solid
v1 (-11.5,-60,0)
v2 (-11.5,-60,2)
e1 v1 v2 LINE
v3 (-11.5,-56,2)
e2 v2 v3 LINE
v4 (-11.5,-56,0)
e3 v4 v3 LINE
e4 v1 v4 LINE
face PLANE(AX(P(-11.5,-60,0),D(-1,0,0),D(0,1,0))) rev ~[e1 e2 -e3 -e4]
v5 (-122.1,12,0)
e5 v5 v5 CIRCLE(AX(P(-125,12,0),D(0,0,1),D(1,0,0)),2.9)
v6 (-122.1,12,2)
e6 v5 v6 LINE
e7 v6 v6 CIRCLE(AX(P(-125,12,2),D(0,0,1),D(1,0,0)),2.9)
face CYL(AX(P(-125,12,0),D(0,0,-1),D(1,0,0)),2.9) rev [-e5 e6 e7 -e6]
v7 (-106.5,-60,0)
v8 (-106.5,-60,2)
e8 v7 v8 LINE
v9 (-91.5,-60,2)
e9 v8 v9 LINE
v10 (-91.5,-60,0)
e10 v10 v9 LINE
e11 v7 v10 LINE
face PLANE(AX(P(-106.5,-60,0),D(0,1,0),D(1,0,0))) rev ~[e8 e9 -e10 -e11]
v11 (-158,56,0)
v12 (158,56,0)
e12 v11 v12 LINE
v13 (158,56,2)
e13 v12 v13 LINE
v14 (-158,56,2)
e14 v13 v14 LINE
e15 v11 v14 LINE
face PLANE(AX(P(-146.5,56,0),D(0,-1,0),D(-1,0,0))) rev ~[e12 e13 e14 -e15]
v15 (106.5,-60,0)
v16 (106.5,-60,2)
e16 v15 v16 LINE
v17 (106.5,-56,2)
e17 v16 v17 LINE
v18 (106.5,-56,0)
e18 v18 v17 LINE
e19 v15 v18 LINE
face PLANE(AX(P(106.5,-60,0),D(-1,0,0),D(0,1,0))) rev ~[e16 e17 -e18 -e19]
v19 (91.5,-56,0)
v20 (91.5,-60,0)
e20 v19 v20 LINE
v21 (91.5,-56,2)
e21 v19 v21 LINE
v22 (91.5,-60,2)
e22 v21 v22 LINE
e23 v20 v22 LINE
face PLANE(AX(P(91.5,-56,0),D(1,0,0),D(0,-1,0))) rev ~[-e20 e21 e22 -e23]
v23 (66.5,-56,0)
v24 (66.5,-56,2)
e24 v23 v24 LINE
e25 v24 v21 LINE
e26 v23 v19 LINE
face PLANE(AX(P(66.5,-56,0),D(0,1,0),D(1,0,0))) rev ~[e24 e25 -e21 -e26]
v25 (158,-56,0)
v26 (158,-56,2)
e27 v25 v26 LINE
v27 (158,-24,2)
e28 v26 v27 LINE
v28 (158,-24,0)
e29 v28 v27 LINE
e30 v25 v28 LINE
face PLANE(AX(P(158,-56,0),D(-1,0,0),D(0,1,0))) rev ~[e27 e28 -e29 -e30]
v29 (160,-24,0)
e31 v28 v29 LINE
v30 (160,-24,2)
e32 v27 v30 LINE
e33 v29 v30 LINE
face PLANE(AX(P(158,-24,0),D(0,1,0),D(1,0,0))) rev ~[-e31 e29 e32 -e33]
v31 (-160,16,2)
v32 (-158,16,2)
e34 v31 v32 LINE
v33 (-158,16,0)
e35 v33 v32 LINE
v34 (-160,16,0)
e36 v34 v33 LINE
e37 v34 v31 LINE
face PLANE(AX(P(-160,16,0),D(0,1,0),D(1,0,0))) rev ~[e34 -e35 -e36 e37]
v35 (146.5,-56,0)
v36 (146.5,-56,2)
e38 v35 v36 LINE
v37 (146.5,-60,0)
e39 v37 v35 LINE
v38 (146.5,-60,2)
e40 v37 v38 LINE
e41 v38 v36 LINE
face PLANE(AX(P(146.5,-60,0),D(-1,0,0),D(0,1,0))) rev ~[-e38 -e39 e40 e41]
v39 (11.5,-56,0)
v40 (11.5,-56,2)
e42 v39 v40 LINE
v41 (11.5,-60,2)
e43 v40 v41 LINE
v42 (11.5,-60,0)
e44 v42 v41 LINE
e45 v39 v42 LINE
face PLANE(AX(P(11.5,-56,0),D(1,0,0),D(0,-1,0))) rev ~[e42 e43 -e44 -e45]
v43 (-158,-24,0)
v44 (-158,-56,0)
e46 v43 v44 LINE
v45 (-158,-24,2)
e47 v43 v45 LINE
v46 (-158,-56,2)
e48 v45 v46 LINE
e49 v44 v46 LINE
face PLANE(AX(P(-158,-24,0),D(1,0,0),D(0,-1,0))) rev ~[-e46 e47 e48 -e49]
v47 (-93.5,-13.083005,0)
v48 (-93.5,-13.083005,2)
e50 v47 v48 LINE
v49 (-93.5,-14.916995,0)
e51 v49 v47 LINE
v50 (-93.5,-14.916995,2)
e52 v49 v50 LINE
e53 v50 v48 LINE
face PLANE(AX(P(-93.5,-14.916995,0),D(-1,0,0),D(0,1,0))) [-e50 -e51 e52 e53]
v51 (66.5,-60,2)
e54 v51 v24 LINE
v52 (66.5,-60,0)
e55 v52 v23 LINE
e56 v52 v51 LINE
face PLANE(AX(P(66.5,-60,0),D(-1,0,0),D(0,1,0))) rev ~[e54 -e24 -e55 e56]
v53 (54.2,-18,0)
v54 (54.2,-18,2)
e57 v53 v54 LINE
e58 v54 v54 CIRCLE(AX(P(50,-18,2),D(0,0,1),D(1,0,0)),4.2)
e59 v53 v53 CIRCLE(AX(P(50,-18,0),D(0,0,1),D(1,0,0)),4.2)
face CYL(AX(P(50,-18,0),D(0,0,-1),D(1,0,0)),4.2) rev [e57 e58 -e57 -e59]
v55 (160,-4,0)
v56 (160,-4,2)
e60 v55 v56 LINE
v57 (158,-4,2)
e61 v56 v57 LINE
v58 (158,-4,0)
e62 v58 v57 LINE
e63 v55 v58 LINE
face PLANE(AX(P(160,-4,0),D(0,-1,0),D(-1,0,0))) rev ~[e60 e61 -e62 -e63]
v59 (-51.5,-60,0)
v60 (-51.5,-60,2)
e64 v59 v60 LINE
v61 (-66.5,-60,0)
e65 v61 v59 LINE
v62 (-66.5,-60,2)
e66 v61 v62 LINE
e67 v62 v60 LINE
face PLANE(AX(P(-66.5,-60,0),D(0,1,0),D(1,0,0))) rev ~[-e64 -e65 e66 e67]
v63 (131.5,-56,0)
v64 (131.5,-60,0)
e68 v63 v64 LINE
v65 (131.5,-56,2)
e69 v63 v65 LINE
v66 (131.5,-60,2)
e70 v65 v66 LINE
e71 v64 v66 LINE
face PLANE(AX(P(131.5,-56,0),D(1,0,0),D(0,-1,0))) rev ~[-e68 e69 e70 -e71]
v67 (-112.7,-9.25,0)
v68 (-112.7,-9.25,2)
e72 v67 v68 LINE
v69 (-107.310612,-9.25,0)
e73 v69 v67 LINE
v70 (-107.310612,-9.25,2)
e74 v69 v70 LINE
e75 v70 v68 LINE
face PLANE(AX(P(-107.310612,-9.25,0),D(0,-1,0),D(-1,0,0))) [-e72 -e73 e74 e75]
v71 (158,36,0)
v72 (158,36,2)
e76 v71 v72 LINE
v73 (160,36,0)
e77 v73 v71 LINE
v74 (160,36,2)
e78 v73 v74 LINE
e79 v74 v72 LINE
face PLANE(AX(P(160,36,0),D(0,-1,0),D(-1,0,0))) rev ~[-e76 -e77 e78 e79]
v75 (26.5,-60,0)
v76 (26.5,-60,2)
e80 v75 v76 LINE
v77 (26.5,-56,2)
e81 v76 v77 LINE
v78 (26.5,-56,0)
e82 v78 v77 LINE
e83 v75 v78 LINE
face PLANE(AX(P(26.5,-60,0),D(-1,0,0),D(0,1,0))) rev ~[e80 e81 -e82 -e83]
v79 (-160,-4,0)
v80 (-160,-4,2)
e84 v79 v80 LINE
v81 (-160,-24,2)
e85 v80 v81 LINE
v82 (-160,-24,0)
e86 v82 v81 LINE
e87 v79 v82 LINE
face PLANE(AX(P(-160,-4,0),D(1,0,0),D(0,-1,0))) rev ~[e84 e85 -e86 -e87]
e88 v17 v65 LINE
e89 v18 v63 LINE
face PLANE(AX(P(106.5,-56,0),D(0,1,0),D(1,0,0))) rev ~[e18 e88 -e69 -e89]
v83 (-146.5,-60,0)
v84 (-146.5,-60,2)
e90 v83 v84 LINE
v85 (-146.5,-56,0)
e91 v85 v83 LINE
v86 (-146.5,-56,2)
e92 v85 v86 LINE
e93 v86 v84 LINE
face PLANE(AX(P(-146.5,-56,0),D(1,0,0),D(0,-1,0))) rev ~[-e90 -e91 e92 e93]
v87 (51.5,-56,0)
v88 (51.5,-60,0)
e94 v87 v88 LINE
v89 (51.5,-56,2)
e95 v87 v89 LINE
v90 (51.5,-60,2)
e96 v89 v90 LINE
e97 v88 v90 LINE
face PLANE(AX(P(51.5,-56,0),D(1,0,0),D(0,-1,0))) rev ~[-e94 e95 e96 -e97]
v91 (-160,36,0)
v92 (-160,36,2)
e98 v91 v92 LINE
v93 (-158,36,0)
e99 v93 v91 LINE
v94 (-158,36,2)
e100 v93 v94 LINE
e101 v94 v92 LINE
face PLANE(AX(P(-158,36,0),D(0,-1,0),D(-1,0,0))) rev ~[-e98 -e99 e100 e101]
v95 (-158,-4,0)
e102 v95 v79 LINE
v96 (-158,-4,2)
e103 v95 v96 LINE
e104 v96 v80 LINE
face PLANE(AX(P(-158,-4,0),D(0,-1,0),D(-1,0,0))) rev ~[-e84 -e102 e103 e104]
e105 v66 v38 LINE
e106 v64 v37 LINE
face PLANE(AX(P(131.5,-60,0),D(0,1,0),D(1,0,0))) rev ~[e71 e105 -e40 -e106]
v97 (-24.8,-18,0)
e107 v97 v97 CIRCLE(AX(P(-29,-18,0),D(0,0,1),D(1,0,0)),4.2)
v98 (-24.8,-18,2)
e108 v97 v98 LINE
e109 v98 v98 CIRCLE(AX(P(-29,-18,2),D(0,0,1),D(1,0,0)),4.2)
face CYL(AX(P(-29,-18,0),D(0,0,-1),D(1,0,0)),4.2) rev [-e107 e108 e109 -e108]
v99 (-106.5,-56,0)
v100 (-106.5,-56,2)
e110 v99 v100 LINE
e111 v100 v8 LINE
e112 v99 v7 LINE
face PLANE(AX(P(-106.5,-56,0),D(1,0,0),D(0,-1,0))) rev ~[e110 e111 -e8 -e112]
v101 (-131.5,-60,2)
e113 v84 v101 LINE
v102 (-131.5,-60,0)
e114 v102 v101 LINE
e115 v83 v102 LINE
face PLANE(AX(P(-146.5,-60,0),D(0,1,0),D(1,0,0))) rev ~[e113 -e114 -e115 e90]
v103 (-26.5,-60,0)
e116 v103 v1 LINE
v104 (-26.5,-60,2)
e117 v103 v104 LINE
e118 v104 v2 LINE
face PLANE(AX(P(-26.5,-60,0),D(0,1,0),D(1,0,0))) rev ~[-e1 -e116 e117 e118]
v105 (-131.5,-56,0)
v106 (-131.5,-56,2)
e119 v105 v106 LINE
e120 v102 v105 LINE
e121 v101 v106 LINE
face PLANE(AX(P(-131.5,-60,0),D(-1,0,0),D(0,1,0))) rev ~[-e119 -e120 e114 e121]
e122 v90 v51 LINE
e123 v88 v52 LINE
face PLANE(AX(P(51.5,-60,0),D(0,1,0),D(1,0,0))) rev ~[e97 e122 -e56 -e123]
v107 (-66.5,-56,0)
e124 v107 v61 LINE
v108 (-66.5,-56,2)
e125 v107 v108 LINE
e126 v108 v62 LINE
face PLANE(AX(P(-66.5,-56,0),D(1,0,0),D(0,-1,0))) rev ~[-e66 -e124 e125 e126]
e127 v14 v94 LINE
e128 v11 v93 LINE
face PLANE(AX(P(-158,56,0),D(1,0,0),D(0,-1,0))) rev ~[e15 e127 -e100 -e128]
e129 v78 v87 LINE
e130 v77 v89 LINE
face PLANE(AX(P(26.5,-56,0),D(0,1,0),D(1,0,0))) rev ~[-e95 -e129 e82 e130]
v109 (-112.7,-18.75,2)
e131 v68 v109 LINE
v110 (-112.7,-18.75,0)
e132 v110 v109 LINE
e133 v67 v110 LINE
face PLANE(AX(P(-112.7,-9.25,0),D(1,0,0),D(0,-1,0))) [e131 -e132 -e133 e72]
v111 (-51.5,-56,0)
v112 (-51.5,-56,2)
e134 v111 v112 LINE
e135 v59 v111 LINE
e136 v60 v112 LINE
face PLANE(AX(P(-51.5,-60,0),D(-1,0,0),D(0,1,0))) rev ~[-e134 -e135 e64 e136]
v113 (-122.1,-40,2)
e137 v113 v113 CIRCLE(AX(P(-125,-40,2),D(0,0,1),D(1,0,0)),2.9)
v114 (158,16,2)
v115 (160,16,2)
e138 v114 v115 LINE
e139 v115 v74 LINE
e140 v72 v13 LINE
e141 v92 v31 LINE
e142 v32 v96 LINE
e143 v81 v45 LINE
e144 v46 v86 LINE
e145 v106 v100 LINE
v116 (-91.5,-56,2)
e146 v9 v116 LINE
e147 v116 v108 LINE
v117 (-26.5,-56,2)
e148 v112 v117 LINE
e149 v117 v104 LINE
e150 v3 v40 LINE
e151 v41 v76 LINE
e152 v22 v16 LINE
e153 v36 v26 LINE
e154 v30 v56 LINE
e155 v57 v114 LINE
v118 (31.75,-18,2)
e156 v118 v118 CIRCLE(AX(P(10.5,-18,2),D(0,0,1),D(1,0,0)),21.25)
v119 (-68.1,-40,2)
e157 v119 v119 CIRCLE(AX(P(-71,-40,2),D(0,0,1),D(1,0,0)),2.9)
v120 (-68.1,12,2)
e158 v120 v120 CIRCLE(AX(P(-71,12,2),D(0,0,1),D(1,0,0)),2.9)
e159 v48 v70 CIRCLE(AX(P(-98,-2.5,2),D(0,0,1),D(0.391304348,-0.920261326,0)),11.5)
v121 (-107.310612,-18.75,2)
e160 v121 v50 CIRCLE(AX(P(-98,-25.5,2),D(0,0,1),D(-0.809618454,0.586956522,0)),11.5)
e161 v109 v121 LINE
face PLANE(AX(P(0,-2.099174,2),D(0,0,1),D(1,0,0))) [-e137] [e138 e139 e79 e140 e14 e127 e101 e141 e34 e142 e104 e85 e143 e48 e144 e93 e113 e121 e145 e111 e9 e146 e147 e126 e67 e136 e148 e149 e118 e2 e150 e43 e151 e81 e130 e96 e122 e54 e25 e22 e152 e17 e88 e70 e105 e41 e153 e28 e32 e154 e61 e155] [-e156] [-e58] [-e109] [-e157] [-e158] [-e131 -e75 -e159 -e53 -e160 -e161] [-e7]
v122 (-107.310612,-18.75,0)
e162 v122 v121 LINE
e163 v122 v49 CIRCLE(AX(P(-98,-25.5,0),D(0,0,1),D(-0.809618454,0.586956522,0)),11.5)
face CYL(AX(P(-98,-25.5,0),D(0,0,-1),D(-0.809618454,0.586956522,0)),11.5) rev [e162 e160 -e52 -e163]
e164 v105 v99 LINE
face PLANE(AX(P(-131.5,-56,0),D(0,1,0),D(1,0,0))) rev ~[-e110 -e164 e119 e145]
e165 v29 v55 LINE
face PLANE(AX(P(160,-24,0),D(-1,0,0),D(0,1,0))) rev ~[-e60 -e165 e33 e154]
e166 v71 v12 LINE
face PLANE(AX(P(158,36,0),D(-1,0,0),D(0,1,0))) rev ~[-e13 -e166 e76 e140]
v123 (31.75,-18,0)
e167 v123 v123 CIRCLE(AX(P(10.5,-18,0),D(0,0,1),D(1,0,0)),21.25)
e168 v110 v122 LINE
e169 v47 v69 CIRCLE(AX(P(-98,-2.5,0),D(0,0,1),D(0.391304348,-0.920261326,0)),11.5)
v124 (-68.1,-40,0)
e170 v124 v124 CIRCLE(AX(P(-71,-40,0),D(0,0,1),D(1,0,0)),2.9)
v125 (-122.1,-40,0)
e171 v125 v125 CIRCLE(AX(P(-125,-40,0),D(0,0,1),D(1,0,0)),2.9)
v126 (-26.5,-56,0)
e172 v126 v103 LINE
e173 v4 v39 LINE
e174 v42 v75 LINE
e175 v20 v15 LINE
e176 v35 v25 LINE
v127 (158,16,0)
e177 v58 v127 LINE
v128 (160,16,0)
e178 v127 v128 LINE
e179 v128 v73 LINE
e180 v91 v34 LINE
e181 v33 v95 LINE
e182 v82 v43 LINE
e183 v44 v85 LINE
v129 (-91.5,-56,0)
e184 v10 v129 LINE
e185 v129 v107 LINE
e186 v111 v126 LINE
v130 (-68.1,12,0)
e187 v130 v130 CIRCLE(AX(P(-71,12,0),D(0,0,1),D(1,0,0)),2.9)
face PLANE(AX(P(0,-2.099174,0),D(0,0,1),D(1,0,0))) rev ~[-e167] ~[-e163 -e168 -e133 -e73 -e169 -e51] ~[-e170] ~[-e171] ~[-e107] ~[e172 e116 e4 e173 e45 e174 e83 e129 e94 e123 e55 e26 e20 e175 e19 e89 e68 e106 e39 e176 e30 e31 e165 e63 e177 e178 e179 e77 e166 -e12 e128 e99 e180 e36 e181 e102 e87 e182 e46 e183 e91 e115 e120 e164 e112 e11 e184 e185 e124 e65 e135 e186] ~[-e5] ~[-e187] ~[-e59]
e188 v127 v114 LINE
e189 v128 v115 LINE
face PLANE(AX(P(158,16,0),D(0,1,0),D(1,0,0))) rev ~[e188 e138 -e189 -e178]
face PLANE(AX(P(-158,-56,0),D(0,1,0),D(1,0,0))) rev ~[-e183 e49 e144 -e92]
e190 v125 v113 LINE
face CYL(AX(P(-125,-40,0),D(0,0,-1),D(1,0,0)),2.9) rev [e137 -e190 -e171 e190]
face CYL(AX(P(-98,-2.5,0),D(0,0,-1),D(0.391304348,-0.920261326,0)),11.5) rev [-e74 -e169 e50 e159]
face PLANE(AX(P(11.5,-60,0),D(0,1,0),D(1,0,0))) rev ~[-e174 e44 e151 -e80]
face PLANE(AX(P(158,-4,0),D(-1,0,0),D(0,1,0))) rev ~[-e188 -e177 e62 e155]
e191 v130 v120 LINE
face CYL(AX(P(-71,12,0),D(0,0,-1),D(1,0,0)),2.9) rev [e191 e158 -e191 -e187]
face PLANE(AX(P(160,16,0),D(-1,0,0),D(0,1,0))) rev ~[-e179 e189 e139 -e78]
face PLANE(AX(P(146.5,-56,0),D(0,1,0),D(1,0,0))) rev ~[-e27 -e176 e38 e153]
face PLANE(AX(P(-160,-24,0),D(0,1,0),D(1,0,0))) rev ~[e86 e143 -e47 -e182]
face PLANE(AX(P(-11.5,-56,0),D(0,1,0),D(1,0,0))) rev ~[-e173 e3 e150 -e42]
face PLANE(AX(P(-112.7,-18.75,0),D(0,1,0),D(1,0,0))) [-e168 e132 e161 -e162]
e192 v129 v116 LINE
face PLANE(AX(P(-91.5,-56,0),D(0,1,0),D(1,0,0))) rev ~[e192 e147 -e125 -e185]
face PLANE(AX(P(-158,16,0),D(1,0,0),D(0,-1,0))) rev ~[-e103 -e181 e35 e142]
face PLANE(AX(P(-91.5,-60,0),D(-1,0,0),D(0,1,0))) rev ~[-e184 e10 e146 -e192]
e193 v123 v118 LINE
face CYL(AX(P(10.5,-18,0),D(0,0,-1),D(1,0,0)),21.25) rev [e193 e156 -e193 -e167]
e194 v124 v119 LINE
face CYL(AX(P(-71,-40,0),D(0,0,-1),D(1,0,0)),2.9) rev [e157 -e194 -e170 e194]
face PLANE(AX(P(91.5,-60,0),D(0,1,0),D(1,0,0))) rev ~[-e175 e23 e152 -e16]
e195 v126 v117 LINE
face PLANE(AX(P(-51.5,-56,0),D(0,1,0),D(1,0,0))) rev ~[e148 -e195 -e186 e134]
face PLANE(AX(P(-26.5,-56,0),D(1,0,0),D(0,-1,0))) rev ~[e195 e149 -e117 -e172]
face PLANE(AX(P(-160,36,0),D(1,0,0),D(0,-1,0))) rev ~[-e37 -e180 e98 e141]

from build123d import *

# Parameters (mm, degrees)
SKETCH1_R               = 21.25
SKETCH1_R_2             = 4.2
SKETCH1_R_3             = 2.9
BOSS_EXTRUDE1_DEPTH     = 2
CUT_EXTRUDE1_DEPTH      = 171.89177862
CUT_EXTRUDE1_DEPTH_BACK = 171.89177862
SKETCH2_W               = 15
SKETCH2_H               = 2


with BuildPart() as part:
    # Sketch1 → Boss-Extrude1 (new body)
    with BuildSketch(Plane.XY):
        Polygon((-158, -56), (-146.5, -56), (-146.5, -60), (-131.5, -60), (-131.5, -56), (-106.5, -56), (-106.5, -60), (-91.5, -60), (-91.5, -56), (-66.5, -56), (-66.5, -60), (-51.5, -60), (-51.5, -56), (-26.5, -56), (-26.5, -60), (-11.5, -60), (-11.5, -56), (11.5, -56), (11.5, -60), (26.5, -60), (26.5, -56), (51.5, -56), (51.5, -60), (66.5, -60), (66.5, -56), (91.5, -56), (91.5, -60), (106.5, -60), (106.5, -56), (131.5, -56), (131.5, -60), (146.5, -60), (146.5, -56), (158, -56), (158, -24), (160, -24), (160, -4), (158, -4), (158, 16), (160, 16), (160, 36), (158, 36), (158, 56), (146.5, 56), (146.5, 58), (131.5, 58), (131.5, 56), (106.5, 56), (106.5, 58), (91.5, 58), (91.5, 56), (66.5, 56), (66.5, 58), (51.5, 58), (51.5, 56), (26.5, 56), (26.5, 58), (11.5, 58), (11.5, 56), (-11.5, 56), (-11.5, 58), (-26.5, 58), (-26.5, 56), (-51.5, 56), (-51.5, 58), (-66.5, 58), (-66.5, 56), (-91.5, 56), (-91.5, 58), (-106.5, 58), (-106.5, 56), (-131.5, 56), (-131.5, 58), (-146.5, 58), (-146.5, 56), (-158, 56), (-158, 36), (-160, 36), (-160, 16), (-158, 16), (-158, -4), (-160, -4), (-160, -24), (-158, -24), align=None)
        with Locations((10.5, -18)):
            Circle(SKETCH1_R, mode=Mode.SUBTRACT)
        with Locations((-29, -18)):
            Circle(SKETCH1_R_2, mode=Mode.SUBTRACT)
        with Locations((50, -18)):
            Circle(SKETCH1_R_2, mode=Mode.SUBTRACT)
        with Locations((-125, -40)):
            Circle(SKETCH1_R_3, mode=Mode.SUBTRACT)
        with Locations((-71, -40)):
            Circle(SKETCH1_R_3, mode=Mode.SUBTRACT)
        with Locations((-125, 12)):
            Circle(SKETCH1_R_3, mode=Mode.SUBTRACT)
        with Locations((-71, 12)):
            Circle(SKETCH1_R_3, mode=Mode.SUBTRACT)
        with BuildLine():
            Line((-93.5, -14.916994756), (-93.5, -13.083005244))
            ThreePointArc((-93.5, -13.083005244), (-94.924535841, 8.581133525), (-107.310612225, -9.25))
            Line((-107.310612225, -9.25), (-112.7, -9.25))
            Line((-112.7, -9.25), (-112.7, -18.75))
            Line((-112.7, -18.75), (-107.310612225, -18.75))
            ThreePointArc((-107.310612225, -18.75), (-94.924535841, -36.581133525), (-93.5, -14.916994756))
        make_face(mode=Mode.SUBTRACT)
    extrude(amount=BOSS_EXTRUDE1_DEPTH)

    # Sketch2 → Cut-Extrude1 (cut, two sides: drawn at the far end of the back side and taken through both)
    with BuildSketch(Plane.XY.offset(2).offset(-CUT_EXTRUDE1_DEPTH_BACK)):
        with Locations((-139, 57)):
            Rectangle(SKETCH2_W, SKETCH2_H)
        with Locations((-99, 57)):
            Rectangle(SKETCH2_W, SKETCH2_H)
        with Locations((-59, 57)):
            Rectangle(SKETCH2_W, SKETCH2_H)
        with Locations((-19, 57)):
            Rectangle(SKETCH2_W, SKETCH2_H)
        with Locations((19, 57)):
            Rectangle(SKETCH2_W, SKETCH2_H)
        with Locations((59, 57)):
            Rectangle(SKETCH2_W, SKETCH2_H)
        with Locations((99, 57)):
            Rectangle(SKETCH2_W, SKETCH2_H)
        with Locations((139, 57)):
            Rectangle(SKETCH2_W, SKETCH2_H)
    extrude(amount=CUT_EXTRUDE1_DEPTH + CUT_EXTRUDE1_DEPTH_BACK, mode=Mode.SUBTRACT)


solid = part.part
